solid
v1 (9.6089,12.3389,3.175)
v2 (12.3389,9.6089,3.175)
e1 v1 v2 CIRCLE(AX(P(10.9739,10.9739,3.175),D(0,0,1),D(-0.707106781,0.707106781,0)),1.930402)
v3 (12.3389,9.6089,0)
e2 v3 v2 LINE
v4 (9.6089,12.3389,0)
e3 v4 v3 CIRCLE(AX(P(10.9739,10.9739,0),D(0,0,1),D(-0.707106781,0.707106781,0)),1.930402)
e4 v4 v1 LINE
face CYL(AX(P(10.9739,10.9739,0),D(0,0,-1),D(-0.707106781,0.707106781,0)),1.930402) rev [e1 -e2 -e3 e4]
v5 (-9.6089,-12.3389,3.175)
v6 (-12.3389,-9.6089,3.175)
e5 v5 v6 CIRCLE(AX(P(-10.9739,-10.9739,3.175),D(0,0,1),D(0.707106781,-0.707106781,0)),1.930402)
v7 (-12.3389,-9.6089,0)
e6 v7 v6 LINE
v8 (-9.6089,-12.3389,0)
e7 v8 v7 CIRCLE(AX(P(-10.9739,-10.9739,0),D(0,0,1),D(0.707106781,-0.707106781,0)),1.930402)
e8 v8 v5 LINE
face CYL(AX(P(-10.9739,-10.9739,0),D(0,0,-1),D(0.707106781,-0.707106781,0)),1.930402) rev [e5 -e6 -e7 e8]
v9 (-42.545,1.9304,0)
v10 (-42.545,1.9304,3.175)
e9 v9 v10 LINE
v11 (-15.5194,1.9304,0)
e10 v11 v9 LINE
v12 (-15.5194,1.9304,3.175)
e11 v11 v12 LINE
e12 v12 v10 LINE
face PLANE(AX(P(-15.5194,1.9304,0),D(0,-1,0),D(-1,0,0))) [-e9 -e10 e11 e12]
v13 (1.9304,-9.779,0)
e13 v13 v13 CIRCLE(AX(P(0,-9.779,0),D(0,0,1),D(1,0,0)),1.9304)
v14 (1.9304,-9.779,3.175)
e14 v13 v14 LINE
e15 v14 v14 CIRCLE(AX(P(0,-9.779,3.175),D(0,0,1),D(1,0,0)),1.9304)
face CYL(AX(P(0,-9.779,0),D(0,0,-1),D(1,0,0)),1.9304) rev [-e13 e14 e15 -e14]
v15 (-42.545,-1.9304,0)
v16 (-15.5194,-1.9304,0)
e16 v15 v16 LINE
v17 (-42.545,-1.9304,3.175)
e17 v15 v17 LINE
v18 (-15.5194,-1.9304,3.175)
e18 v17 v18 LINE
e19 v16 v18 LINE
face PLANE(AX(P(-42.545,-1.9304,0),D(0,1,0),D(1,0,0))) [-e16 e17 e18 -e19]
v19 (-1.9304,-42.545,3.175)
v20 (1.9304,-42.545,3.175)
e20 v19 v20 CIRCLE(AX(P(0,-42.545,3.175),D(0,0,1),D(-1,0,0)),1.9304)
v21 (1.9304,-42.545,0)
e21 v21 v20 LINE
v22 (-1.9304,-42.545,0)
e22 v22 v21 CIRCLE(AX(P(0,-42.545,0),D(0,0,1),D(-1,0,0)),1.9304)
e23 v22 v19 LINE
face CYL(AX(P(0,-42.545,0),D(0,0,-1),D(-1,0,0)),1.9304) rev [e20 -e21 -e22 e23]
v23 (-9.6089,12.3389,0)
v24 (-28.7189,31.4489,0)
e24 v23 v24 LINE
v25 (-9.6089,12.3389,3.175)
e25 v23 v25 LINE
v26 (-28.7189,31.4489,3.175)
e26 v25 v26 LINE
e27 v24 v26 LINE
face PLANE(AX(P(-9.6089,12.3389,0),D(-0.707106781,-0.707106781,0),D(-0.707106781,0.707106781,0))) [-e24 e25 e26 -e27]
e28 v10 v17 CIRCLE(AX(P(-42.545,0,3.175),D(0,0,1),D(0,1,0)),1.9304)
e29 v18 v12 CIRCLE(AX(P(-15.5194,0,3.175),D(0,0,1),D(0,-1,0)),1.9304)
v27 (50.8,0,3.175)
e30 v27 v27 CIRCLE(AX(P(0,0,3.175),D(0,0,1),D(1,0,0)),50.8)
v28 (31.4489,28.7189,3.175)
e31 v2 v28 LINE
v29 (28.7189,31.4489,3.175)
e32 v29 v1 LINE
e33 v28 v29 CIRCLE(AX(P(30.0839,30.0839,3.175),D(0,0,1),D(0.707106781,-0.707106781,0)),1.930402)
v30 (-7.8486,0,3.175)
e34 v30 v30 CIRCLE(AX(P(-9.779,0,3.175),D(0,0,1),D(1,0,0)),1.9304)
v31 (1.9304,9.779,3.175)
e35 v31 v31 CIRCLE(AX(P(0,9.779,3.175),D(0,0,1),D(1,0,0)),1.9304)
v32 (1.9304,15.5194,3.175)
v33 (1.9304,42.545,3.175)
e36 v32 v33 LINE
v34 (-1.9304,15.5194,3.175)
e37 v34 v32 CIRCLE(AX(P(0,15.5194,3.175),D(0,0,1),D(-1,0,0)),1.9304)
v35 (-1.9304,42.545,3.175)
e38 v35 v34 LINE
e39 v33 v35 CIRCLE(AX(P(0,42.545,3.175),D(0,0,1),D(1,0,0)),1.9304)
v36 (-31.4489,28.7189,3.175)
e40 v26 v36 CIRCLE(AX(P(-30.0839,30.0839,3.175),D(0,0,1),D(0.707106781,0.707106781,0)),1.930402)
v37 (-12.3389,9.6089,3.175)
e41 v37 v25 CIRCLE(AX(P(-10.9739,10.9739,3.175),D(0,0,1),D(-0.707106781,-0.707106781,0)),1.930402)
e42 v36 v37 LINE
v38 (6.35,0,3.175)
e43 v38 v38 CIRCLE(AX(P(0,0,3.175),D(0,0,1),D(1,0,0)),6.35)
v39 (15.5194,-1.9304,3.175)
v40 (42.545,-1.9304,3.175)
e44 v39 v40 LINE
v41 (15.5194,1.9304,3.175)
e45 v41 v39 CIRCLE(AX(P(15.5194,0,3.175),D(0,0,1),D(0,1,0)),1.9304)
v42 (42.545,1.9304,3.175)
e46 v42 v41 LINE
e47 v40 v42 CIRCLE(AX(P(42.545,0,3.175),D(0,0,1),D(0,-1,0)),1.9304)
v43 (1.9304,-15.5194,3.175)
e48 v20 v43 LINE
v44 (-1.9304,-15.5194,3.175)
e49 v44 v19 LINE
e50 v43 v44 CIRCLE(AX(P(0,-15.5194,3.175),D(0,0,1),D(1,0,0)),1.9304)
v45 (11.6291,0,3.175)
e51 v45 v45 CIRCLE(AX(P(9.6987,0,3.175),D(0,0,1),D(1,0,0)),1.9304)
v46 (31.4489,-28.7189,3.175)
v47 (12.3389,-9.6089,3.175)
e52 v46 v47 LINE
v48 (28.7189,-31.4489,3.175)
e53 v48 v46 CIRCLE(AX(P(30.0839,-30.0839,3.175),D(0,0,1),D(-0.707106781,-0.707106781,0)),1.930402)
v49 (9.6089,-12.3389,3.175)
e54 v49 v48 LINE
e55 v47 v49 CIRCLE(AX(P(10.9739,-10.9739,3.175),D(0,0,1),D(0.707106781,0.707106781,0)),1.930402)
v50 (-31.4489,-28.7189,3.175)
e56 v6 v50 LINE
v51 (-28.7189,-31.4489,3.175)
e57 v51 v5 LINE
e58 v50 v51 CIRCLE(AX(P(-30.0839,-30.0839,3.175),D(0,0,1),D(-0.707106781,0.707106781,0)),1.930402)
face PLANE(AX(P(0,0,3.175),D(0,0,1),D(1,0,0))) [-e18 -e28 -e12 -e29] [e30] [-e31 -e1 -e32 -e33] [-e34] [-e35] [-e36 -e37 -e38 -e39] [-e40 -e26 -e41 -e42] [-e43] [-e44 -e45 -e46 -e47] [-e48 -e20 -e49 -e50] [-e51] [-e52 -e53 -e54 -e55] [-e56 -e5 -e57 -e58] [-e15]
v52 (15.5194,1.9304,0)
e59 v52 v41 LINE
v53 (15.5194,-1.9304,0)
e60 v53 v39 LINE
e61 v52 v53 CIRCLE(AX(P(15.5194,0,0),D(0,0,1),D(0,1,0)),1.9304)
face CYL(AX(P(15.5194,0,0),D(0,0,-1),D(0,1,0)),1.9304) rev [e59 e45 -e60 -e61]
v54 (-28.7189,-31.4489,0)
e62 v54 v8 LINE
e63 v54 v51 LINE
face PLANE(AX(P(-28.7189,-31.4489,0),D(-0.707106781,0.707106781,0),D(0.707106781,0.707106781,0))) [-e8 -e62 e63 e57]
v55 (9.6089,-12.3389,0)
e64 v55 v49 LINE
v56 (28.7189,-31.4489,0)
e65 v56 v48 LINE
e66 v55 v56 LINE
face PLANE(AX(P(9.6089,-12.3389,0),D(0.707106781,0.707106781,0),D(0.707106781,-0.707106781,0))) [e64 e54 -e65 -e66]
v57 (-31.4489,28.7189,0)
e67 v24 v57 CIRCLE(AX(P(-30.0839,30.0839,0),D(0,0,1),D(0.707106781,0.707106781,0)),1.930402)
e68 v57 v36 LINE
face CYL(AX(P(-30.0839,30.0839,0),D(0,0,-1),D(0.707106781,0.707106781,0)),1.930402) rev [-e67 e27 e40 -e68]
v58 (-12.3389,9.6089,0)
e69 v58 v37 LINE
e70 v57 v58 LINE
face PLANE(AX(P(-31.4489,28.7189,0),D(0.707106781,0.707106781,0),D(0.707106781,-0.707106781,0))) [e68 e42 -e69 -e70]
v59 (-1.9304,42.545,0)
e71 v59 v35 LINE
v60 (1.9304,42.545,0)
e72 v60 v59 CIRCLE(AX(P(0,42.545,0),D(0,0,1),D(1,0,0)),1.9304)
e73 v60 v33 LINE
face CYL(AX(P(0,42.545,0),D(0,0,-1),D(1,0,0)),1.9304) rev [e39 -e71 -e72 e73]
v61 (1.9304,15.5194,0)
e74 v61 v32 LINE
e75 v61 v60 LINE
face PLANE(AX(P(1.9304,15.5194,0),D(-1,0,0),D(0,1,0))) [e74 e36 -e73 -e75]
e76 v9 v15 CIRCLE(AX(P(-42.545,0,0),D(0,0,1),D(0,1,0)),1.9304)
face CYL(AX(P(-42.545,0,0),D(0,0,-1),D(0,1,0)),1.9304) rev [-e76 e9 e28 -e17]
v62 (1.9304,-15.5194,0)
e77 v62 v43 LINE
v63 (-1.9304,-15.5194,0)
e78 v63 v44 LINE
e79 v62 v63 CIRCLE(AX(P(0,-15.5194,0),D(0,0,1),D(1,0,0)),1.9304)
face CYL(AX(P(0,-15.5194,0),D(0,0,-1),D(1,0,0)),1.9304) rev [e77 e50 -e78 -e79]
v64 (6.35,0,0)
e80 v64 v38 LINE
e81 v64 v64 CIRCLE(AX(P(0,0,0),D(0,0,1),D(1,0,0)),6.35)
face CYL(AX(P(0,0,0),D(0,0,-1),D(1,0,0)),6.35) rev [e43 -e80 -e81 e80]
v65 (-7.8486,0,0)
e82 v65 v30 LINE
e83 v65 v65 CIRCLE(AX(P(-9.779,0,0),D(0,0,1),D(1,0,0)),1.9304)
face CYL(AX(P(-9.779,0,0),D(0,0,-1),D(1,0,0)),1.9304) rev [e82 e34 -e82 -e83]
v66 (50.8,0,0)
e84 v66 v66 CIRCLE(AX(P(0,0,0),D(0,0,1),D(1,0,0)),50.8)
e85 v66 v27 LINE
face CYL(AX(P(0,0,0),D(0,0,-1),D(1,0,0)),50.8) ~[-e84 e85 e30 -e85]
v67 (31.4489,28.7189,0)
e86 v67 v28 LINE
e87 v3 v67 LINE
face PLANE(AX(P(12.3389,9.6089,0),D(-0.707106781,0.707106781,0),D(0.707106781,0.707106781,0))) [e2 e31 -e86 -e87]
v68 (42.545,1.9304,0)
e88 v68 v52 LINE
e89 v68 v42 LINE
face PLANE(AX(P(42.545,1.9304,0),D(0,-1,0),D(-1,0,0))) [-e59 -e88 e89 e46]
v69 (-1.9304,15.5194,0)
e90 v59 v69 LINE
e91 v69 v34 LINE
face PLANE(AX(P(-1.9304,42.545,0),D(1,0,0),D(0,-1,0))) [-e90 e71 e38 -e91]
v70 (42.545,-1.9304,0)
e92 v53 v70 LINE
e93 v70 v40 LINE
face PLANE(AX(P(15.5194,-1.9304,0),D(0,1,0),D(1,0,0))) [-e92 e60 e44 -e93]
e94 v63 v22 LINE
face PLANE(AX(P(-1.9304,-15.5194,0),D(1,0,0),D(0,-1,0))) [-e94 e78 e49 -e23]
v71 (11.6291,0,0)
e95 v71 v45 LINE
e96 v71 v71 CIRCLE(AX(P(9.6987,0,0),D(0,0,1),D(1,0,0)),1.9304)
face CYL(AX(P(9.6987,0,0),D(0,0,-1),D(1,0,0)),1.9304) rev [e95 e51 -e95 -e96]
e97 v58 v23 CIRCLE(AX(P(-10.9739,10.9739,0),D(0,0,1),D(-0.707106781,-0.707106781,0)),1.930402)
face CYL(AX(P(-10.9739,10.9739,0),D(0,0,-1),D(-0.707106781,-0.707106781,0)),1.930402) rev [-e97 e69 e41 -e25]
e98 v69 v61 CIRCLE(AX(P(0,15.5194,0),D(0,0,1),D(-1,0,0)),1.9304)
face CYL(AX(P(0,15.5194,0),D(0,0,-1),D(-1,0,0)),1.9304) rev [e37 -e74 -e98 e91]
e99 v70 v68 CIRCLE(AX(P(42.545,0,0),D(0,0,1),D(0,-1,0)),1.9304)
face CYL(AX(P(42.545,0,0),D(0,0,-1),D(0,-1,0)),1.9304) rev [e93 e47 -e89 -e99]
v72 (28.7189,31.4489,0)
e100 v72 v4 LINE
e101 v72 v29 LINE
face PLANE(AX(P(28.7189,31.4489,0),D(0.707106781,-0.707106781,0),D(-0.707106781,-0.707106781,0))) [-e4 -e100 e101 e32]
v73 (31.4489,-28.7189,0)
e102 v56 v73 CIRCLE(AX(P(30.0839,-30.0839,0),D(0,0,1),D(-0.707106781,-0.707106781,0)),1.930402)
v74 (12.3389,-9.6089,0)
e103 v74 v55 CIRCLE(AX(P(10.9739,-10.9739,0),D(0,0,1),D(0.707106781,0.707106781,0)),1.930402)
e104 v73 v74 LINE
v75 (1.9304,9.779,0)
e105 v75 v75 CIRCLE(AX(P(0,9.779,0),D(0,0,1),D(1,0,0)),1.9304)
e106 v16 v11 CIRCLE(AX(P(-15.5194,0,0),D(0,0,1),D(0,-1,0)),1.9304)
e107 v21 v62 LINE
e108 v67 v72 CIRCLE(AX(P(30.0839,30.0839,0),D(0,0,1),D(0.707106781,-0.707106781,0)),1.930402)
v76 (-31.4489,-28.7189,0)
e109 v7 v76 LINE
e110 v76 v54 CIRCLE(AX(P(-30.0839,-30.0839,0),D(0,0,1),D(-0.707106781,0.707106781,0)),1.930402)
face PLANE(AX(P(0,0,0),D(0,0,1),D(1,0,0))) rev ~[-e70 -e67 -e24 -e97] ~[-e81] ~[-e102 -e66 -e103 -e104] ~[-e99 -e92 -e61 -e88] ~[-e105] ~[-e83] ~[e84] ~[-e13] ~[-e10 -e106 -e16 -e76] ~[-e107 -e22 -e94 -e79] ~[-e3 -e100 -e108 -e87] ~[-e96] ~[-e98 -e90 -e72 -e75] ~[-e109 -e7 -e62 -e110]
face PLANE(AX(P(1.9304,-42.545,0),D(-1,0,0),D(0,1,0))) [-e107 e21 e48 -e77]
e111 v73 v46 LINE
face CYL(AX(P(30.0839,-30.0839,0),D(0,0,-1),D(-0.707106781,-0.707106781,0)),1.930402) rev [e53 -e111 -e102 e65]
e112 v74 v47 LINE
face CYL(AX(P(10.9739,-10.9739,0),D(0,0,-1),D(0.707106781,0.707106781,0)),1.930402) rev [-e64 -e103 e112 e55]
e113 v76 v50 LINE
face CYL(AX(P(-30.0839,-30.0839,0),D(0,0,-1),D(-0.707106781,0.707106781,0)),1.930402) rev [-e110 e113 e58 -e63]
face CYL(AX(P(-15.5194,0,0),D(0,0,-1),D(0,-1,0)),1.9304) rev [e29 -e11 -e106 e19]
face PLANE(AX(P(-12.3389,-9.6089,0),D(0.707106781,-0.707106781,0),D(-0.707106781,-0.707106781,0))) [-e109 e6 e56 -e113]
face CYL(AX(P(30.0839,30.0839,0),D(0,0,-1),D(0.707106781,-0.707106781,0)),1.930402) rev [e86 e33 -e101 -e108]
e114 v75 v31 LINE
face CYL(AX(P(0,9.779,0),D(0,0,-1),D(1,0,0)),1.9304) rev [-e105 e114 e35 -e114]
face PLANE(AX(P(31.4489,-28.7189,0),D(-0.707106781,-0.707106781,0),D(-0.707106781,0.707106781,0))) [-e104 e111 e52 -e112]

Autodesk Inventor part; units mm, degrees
ref_plane "YZ Plane" through (0, 0, 0) normal (1, 0, 0) x (0, 1, 0)
ref_plane "XZ Plane" through (0, 0, 0) normal (0, 1, 0) x (-1, 0, 0)
ref_plane "XY Plane" through (0, 0, 0) normal (0, 0, 1) x (1, 0, 0)
sketch "Sketch1" plane through (0, 0, 0) normal (0, 0, 1) x (1, 0, 0)
  circle A0 centre (0, 0) radius 50.8
  circle A1 centre (9.779, 0) radius 1.778 construction
  circle A2 centre (0, 9.779) radius 1.778 construction
  circle A3 centre (-9.779, 0) radius 1.778 construction
  circle A4 centre (0, -9.779) radius 1.778 construction
  arc A5 (-9.6987, 7.1842) -> (-7.1842, 9.6987) centre (-8.4414, 8.4414) ccw construction
  circle A6 centre (9.6987, 0) radius 1.9304
  circle A7 centre (0, 9.779) radius 1.9304
  circle A8 centre (0, -9.779) radius 1.9304
  circle A9 centre (-9.779, 0) radius 1.9304
  circle A10 centre (0, 0) radius 42.545 construction
  circle A11 centre (0, 0) radius 15.5194 construction
  line L0 (0, -15.5194) -> (0, -42.545) construction
  line L1 (-1.9304, -15.5194) -> (-1.9304, -42.545)
  line L2 (1.9304, -42.545) -> (1.9304, -15.5194)
  arc A12 (1.9304, -15.5194) -> (-1.9304, -15.5194) centre (0, -15.5194) ccw
  arc A13 (-1.9304, -42.545) -> (1.9304, -42.545) centre (0, -42.545) ccw
  line L3 (31.4489, -28.7189) -> (12.3389, -9.6089)
  line L4 (9.6089, -12.3389) -> (28.7189, -31.4489)
  arc A14 (12.3389, -9.6089) -> (9.6089, -12.3389) centre (10.9739, -10.9739) ccw
  arc A15 (28.7189, -31.4489) -> (31.4489, -28.7189) centre (30.0839, -30.0839) ccw
  line L5 (42.545, 1.9304) -> (15.5194, 1.9304)
  line L6 (15.5194, -1.9304) -> (42.545, -1.9304)
  arc A16 (15.5194, 1.9304) -> (15.5194, -1.9304) centre (15.5194, 0) ccw
  arc A17 (42.545, -1.9304) -> (42.545, 1.9304) centre (42.545, 0) ccw
  line L7 (28.7189, 31.4489) -> (9.6089, 12.3389)
  line L8 (12.3389, 9.6089) -> (31.4489, 28.7189)
  arc A18 (9.6089, 12.3389) -> (12.3389, 9.6089) centre (10.9739, 10.9739) ccw
  arc A19 (31.4489, 28.7189) -> (28.7189, 31.4489) centre (30.0839, 30.0839) ccw
  line L9 (-1.9304, 42.545) -> (-1.9304, 15.5194)
  line L10 (1.9304, 15.5194) -> (1.9304, 42.545)
  arc A20 (-1.9304, 15.5194) -> (1.9304, 15.5194) centre (0, 15.5194) ccw
  arc A21 (1.9304, 42.545) -> (-1.9304, 42.545) centre (0, 42.545) ccw
  line L11 (-31.4489, 28.7189) -> (-12.3389, 9.6089)
  line L12 (-9.6089, 12.3389) -> (-28.7189, 31.4489)
  arc A22 (-12.3389, 9.6089) -> (-9.6089, 12.3389) centre (-10.9739, 10.9739) ccw
  arc A23 (-28.7189, 31.4489) -> (-31.4489, 28.7189) centre (-30.0839, 30.0839) ccw
  line L13 (-42.545, -1.9304) -> (-15.5194, -1.9304)
  line L14 (-15.5194, 1.9304) -> (-42.545, 1.9304)
  arc A24 (-15.5194, -1.9304) -> (-15.5194, 1.9304) centre (-15.5194, 0) ccw
  arc A25 (-42.545, 1.9304) -> (-42.545, -1.9304) centre (-42.545, 0) ccw
  line L15 (-28.7189, -31.4489) -> (-9.6089, -12.3389)
  line L16 (-12.3389, -9.6089) -> (-31.4489, -28.7189)
  arc A26 (-9.6089, -12.3389) -> (-12.3389, -9.6089) centre (-10.9739, -10.9739) ccw
  arc A27 (-31.4489, -28.7189) -> (-28.7189, -31.4489) centre (-30.0839, -30.0839) ccw
  circle A28 centre (0, 0) radius 6.35
  point P0 (0, -29.0322)
  dimension "d5" = 85.09
  dimension "d8" = 31.0388
  dimension "d0" = 101.6
  dimension "d1" = 3.8608
  dimension "d2" = 3.8608
  dimension "d3" = 3.8608
  dimension "d4" = 3.8608
  dimension "d9" = 3.8608
  dimension "d12" = 360
  dimension "d16" = 12.7
extrude "Extrusion2" add sketch "Sketch1" along normal blind 3.175
properties part number "spool 4in outer plate"
